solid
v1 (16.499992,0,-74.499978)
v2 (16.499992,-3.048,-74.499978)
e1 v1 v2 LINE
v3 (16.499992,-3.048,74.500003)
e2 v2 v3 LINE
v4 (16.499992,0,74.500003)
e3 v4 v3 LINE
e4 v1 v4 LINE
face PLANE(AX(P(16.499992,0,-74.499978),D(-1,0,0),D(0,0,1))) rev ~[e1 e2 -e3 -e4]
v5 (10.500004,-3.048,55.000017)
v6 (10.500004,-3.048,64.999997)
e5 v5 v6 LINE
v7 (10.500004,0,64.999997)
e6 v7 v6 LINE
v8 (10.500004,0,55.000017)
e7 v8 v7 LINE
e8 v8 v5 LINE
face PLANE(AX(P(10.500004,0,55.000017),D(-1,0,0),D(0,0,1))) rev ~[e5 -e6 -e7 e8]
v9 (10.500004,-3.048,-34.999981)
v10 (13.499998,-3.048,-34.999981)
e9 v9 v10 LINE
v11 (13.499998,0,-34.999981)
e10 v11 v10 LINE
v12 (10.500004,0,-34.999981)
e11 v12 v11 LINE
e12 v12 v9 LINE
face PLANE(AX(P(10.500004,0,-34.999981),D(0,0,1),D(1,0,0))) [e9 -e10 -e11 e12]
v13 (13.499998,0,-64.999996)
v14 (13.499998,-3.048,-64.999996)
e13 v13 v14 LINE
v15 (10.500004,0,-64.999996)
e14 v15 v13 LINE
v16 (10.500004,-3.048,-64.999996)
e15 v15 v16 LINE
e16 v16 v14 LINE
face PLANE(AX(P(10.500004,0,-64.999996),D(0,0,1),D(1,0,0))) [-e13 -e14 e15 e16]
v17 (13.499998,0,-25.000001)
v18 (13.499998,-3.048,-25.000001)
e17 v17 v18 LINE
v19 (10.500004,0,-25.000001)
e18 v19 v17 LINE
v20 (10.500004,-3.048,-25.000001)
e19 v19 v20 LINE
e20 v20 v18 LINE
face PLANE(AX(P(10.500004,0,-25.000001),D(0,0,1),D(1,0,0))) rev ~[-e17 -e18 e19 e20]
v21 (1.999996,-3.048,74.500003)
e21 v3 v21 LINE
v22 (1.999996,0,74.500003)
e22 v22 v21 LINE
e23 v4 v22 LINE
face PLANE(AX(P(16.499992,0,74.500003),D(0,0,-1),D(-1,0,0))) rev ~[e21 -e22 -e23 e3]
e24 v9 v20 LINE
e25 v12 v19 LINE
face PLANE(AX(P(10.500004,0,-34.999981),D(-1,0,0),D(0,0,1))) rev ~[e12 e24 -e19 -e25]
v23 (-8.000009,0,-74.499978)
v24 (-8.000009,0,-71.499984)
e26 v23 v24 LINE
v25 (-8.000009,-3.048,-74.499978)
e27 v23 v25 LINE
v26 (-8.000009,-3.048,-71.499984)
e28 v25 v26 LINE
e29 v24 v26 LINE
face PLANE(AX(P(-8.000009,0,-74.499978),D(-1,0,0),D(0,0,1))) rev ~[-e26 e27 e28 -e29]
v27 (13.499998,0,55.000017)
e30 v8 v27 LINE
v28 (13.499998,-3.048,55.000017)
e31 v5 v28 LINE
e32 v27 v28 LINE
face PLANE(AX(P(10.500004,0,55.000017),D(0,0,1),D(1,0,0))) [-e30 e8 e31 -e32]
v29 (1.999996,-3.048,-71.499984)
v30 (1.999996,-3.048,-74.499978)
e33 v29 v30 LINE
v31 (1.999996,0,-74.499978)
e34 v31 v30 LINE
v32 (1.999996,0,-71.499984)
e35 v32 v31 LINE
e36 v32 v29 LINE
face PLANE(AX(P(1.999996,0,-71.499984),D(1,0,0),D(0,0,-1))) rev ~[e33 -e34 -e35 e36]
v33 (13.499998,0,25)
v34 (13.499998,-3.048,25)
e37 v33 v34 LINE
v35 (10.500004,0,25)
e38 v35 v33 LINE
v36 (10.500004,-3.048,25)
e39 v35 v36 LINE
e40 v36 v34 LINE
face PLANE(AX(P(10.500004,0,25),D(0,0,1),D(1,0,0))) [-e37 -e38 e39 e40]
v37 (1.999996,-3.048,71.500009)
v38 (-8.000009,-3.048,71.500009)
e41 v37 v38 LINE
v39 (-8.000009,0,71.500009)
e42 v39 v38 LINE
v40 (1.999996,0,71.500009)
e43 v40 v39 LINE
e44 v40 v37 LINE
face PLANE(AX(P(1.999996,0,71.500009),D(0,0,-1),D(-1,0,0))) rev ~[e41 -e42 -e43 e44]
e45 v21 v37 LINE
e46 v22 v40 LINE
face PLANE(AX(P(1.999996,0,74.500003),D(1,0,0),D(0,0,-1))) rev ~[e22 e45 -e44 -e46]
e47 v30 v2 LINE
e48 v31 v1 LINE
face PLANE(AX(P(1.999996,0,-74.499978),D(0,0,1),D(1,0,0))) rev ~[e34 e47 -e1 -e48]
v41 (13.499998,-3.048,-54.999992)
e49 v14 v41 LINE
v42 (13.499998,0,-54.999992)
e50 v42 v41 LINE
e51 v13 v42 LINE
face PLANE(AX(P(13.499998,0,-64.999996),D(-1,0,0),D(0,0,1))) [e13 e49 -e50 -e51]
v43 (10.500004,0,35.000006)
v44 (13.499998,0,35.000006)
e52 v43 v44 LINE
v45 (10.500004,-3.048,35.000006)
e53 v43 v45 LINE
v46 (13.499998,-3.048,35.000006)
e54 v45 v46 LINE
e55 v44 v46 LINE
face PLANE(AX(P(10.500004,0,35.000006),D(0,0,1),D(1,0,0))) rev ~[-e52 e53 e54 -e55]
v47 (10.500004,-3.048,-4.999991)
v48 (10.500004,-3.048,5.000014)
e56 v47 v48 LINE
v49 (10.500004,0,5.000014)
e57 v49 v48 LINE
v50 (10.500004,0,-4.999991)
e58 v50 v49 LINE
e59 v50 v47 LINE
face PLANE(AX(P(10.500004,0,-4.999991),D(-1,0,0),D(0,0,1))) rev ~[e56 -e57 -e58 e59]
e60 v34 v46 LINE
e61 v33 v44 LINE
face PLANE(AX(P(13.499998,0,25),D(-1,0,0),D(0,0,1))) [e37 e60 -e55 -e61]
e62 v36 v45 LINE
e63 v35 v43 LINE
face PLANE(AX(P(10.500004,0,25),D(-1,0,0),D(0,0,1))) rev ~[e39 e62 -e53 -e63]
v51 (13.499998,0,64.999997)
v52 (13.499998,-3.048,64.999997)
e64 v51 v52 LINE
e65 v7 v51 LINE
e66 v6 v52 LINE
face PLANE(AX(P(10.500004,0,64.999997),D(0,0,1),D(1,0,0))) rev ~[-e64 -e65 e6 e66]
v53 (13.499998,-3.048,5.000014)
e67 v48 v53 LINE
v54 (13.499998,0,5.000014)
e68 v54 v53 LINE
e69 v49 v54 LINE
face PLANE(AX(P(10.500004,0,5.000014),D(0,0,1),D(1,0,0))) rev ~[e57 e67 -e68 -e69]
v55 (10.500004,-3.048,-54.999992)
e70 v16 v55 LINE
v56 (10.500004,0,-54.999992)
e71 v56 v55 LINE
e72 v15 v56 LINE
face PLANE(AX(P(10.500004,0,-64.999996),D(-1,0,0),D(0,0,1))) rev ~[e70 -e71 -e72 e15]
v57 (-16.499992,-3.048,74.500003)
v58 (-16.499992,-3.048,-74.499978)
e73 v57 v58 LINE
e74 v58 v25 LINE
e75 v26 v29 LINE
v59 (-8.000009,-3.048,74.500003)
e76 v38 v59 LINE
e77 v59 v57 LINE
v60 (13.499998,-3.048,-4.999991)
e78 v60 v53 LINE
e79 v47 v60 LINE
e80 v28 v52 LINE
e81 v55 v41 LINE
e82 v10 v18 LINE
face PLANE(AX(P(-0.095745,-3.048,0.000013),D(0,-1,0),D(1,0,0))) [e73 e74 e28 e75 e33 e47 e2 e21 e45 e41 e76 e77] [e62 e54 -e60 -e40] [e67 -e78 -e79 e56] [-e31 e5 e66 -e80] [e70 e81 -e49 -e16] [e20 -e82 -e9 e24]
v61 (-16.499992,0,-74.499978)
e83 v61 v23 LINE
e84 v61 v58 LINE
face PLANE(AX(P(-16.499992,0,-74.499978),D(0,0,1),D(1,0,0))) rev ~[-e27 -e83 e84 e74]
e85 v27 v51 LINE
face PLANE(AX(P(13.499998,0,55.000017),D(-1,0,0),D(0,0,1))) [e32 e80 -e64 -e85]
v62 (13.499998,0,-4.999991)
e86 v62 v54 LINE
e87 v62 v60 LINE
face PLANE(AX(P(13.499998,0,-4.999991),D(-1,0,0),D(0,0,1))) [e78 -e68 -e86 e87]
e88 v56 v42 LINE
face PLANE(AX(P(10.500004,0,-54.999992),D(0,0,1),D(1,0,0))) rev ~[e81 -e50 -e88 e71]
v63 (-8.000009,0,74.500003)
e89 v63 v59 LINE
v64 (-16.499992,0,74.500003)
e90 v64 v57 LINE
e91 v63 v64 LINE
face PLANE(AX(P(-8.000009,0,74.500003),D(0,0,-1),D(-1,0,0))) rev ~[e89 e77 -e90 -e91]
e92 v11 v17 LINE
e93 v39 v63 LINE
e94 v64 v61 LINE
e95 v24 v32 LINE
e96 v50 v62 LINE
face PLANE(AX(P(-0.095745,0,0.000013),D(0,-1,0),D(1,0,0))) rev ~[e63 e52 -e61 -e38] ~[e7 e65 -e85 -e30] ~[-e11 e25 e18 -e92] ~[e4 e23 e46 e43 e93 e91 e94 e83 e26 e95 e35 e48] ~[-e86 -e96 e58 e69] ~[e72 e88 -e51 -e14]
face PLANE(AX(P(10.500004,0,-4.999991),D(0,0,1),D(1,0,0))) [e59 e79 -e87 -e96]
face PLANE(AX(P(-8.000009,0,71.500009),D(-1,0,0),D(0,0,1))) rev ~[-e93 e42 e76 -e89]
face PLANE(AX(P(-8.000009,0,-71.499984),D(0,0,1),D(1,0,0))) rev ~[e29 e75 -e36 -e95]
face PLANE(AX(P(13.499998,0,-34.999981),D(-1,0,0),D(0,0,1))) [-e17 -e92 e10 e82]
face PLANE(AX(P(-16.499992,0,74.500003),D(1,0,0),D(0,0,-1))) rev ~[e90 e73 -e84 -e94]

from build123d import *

# Parameters (mm, degrees)
F0_W     = 2.999994
F0_H     = 10.000005
F0_H_2   = 9.99998
F1_DEPTH = 3.048


with BuildPart() as f1:
    # F0 (on Front) → F1 (new body)
    with BuildSketch(Plane.XZ):
        Polygon((16.499992, 74.500003), (1.999996, 74.500003), (1.999996, 71.500009), (-8.000009, 71.500009), (-8.000009, 74.500003), (-16.499992, 74.500003), (-16.499992, -74.499978), (-8.000009, -74.499978), (-8.000009, -71.499984), (1.999996, -71.499984), (1.999996, -74.499978), (16.499992, -74.499978), align=None)
        with Locations((12.000001, -59.999994)):
            Rectangle(F0_W, F0_H, mode=Mode.SUBTRACT)
        with Locations((12.000001, -29.999991)):
            Rectangle(F0_W, F0_H_2, mode=Mode.SUBTRACT)
        with Locations((12.000001, 1.2e-05)):
            Rectangle(F0_W, F0_H, mode=Mode.SUBTRACT)
        with Locations((12.000001, 30.000003)):
            Rectangle(F0_W, F0_H, mode=Mode.SUBTRACT)
        with Locations((12.000001, 60.000007)):
            Rectangle(F0_W, F0_H_2, mode=Mode.SUBTRACT)
    extrude(amount=F1_DEPTH)


solid = f1.part
